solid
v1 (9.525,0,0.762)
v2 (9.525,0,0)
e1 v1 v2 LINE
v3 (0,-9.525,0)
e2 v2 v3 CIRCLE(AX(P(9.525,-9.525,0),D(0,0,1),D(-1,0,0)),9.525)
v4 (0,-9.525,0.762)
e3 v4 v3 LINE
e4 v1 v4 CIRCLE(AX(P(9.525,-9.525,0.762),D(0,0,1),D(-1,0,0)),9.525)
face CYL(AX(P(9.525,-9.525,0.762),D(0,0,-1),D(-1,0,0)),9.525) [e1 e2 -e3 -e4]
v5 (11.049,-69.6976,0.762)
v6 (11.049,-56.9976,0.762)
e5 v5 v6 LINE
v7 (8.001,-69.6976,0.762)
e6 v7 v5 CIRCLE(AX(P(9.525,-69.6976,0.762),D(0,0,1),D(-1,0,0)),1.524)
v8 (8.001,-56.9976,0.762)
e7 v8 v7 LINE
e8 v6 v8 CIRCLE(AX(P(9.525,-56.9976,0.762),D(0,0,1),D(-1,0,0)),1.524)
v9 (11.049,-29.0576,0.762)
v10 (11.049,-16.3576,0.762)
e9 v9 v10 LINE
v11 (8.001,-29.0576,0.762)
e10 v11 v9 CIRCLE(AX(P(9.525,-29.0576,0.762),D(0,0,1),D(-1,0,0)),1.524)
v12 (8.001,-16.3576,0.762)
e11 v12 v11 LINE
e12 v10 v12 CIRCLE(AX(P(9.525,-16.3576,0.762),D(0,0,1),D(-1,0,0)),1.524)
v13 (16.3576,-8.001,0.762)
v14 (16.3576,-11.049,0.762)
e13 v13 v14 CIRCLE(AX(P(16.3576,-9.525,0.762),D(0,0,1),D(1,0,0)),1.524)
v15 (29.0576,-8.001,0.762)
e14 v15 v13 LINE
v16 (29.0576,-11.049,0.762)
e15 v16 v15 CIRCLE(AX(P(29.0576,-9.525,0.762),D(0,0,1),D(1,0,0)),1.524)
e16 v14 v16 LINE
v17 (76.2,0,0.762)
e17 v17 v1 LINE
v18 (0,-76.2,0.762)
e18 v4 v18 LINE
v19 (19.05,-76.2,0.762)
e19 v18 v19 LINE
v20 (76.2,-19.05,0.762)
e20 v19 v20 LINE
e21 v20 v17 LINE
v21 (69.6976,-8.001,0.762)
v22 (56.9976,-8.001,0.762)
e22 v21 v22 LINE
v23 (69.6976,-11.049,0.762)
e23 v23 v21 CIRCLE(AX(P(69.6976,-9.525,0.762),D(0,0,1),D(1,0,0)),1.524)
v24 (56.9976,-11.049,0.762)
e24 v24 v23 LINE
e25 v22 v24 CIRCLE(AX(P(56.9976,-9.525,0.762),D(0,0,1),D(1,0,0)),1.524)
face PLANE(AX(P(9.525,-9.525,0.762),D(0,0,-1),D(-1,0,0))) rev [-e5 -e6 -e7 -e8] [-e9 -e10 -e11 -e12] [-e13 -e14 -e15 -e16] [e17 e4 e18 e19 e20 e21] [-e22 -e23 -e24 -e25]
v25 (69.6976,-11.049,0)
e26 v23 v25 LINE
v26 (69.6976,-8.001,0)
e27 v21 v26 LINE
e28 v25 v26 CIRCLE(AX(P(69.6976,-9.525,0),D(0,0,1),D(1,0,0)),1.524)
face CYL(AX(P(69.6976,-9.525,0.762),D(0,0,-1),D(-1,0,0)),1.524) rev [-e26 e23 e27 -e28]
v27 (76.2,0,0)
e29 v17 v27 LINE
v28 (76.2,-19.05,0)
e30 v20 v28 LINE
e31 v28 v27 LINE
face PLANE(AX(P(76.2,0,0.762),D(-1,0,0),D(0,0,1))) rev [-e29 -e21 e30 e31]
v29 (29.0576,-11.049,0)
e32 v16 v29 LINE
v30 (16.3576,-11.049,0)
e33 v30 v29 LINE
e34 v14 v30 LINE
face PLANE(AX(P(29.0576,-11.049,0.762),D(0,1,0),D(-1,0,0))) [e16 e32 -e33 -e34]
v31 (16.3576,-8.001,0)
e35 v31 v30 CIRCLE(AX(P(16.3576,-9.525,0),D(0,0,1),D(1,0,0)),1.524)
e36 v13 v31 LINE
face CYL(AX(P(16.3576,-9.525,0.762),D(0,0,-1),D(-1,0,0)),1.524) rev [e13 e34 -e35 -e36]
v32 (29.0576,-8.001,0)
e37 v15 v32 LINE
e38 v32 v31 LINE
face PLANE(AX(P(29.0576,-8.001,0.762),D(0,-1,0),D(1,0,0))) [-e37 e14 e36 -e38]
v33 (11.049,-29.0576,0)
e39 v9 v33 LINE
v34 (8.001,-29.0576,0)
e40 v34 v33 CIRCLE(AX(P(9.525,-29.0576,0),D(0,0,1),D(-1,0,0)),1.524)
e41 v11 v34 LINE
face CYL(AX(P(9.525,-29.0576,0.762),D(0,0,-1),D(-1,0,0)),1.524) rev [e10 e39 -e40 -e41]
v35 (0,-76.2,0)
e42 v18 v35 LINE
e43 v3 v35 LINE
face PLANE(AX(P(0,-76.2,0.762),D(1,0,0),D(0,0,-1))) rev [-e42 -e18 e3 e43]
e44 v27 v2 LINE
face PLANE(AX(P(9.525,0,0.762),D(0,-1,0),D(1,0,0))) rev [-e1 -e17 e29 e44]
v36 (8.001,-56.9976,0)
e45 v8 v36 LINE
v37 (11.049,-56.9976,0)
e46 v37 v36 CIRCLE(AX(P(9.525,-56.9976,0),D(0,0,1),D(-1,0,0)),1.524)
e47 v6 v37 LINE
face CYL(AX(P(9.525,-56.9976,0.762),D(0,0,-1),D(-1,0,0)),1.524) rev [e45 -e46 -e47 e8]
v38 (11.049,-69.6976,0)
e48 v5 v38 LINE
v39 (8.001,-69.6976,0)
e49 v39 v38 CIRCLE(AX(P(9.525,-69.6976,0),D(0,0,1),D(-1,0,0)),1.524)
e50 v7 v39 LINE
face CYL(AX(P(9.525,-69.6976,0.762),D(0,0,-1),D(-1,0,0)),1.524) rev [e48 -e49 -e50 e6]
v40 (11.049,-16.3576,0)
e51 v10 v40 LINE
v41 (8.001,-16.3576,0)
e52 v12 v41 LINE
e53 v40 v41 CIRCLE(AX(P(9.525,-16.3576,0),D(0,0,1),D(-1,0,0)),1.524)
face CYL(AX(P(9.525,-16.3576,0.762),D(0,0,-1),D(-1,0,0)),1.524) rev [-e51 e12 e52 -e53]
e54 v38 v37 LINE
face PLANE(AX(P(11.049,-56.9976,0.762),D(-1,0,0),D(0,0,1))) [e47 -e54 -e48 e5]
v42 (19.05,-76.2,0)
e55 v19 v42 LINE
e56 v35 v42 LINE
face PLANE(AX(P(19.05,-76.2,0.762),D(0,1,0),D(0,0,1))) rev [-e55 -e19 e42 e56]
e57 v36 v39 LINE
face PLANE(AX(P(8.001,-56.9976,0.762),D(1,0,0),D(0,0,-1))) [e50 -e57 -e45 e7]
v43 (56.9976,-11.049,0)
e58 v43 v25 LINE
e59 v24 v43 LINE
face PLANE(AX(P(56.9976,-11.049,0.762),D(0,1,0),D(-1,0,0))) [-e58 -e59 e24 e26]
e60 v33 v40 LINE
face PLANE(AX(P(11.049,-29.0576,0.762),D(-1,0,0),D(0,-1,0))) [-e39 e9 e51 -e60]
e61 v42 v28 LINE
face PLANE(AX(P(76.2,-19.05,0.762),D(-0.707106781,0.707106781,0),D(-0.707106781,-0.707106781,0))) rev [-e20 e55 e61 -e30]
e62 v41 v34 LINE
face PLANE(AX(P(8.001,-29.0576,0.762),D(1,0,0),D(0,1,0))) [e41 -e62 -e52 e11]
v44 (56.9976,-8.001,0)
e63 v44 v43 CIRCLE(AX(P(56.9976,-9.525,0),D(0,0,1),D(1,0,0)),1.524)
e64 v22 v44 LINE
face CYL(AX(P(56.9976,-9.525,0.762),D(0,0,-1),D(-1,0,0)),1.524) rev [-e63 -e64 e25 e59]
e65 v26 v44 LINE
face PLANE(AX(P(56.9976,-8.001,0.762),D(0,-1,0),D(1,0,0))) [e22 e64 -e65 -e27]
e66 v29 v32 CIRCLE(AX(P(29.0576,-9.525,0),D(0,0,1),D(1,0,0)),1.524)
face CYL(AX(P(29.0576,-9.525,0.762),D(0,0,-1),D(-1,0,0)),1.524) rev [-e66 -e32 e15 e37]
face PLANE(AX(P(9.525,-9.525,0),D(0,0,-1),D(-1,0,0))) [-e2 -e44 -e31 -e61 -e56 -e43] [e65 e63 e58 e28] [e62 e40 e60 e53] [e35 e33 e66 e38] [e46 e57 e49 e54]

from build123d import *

# Parameters (mm, degrees)
BOSS_EXTRUDE1_DEPTH = 0.762


with BuildPart() as part:
    # Sketch1 → Boss-Extrude1 (new body)
    with BuildSketch(Plane.XY):
        with BuildLine():
            Line((0, -76.2), (0, -9.525))
            ThreePointArc((0, -9.525), (2.789807909, -2.789807909), (9.525, 0))
            Line((9.525, 0), (76.2, 0))
            Line((76.2, 0), (76.2, -19.05))
            Line((76.2, -19.05), (19.05, -76.2))
            Line((19.05, -76.2), (0, -76.2))
        make_face()
        with BuildLine():
            Line((56.9976, -8.001), (69.6976, -8.001))
            ThreePointArc((69.6976, -8.001), (71.2216, -9.525), (69.6976, -11.049))
            Line((69.6976, -11.049), (56.9976, -11.049))
            ThreePointArc((56.9976, -11.049), (55.4736, -9.525), (56.9976, -8.001))
        make_face(mode=Mode.SUBTRACT)
        with BuildLine():
            Line((8.001, -56.9976), (8.001, -69.6976))
            ThreePointArc((8.001, -69.6976), (9.525, -71.2216), (11.049, -69.6976))
            Line((11.049, -69.6976), (11.049, -56.9976))
            ThreePointArc((11.049, -56.9976), (9.525, -55.4736), (8.001, -56.9976))
        make_face(mode=Mode.SUBTRACT)
        with BuildLine():
            Line((29.0576, -11.049), (16.3576, -11.049))
            ThreePointArc((16.3576, -11.049), (14.8336, -9.525), (16.3576, -8.001))
            Line((16.3576, -8.001), (29.0576, -8.001))
            ThreePointArc((29.0576, -8.001), (30.5816, -9.525), (29.0576, -11.049))
        make_face(mode=Mode.SUBTRACT)
        with BuildLine():
            Line((11.049, -29.0576), (11.049, -16.3576))
            ThreePointArc((11.049, -16.3576), (9.525, -14.8336), (8.001, -16.3576))
            Line((8.001, -16.3576), (8.001, -29.0576))
            ThreePointArc((8.001, -29.0576), (9.525, -30.5816), (11.049, -29.0576))
        make_face(mode=Mode.SUBTRACT)
    extrude(amount=BOSS_EXTRUDE1_DEPTH)


solid = part.part
